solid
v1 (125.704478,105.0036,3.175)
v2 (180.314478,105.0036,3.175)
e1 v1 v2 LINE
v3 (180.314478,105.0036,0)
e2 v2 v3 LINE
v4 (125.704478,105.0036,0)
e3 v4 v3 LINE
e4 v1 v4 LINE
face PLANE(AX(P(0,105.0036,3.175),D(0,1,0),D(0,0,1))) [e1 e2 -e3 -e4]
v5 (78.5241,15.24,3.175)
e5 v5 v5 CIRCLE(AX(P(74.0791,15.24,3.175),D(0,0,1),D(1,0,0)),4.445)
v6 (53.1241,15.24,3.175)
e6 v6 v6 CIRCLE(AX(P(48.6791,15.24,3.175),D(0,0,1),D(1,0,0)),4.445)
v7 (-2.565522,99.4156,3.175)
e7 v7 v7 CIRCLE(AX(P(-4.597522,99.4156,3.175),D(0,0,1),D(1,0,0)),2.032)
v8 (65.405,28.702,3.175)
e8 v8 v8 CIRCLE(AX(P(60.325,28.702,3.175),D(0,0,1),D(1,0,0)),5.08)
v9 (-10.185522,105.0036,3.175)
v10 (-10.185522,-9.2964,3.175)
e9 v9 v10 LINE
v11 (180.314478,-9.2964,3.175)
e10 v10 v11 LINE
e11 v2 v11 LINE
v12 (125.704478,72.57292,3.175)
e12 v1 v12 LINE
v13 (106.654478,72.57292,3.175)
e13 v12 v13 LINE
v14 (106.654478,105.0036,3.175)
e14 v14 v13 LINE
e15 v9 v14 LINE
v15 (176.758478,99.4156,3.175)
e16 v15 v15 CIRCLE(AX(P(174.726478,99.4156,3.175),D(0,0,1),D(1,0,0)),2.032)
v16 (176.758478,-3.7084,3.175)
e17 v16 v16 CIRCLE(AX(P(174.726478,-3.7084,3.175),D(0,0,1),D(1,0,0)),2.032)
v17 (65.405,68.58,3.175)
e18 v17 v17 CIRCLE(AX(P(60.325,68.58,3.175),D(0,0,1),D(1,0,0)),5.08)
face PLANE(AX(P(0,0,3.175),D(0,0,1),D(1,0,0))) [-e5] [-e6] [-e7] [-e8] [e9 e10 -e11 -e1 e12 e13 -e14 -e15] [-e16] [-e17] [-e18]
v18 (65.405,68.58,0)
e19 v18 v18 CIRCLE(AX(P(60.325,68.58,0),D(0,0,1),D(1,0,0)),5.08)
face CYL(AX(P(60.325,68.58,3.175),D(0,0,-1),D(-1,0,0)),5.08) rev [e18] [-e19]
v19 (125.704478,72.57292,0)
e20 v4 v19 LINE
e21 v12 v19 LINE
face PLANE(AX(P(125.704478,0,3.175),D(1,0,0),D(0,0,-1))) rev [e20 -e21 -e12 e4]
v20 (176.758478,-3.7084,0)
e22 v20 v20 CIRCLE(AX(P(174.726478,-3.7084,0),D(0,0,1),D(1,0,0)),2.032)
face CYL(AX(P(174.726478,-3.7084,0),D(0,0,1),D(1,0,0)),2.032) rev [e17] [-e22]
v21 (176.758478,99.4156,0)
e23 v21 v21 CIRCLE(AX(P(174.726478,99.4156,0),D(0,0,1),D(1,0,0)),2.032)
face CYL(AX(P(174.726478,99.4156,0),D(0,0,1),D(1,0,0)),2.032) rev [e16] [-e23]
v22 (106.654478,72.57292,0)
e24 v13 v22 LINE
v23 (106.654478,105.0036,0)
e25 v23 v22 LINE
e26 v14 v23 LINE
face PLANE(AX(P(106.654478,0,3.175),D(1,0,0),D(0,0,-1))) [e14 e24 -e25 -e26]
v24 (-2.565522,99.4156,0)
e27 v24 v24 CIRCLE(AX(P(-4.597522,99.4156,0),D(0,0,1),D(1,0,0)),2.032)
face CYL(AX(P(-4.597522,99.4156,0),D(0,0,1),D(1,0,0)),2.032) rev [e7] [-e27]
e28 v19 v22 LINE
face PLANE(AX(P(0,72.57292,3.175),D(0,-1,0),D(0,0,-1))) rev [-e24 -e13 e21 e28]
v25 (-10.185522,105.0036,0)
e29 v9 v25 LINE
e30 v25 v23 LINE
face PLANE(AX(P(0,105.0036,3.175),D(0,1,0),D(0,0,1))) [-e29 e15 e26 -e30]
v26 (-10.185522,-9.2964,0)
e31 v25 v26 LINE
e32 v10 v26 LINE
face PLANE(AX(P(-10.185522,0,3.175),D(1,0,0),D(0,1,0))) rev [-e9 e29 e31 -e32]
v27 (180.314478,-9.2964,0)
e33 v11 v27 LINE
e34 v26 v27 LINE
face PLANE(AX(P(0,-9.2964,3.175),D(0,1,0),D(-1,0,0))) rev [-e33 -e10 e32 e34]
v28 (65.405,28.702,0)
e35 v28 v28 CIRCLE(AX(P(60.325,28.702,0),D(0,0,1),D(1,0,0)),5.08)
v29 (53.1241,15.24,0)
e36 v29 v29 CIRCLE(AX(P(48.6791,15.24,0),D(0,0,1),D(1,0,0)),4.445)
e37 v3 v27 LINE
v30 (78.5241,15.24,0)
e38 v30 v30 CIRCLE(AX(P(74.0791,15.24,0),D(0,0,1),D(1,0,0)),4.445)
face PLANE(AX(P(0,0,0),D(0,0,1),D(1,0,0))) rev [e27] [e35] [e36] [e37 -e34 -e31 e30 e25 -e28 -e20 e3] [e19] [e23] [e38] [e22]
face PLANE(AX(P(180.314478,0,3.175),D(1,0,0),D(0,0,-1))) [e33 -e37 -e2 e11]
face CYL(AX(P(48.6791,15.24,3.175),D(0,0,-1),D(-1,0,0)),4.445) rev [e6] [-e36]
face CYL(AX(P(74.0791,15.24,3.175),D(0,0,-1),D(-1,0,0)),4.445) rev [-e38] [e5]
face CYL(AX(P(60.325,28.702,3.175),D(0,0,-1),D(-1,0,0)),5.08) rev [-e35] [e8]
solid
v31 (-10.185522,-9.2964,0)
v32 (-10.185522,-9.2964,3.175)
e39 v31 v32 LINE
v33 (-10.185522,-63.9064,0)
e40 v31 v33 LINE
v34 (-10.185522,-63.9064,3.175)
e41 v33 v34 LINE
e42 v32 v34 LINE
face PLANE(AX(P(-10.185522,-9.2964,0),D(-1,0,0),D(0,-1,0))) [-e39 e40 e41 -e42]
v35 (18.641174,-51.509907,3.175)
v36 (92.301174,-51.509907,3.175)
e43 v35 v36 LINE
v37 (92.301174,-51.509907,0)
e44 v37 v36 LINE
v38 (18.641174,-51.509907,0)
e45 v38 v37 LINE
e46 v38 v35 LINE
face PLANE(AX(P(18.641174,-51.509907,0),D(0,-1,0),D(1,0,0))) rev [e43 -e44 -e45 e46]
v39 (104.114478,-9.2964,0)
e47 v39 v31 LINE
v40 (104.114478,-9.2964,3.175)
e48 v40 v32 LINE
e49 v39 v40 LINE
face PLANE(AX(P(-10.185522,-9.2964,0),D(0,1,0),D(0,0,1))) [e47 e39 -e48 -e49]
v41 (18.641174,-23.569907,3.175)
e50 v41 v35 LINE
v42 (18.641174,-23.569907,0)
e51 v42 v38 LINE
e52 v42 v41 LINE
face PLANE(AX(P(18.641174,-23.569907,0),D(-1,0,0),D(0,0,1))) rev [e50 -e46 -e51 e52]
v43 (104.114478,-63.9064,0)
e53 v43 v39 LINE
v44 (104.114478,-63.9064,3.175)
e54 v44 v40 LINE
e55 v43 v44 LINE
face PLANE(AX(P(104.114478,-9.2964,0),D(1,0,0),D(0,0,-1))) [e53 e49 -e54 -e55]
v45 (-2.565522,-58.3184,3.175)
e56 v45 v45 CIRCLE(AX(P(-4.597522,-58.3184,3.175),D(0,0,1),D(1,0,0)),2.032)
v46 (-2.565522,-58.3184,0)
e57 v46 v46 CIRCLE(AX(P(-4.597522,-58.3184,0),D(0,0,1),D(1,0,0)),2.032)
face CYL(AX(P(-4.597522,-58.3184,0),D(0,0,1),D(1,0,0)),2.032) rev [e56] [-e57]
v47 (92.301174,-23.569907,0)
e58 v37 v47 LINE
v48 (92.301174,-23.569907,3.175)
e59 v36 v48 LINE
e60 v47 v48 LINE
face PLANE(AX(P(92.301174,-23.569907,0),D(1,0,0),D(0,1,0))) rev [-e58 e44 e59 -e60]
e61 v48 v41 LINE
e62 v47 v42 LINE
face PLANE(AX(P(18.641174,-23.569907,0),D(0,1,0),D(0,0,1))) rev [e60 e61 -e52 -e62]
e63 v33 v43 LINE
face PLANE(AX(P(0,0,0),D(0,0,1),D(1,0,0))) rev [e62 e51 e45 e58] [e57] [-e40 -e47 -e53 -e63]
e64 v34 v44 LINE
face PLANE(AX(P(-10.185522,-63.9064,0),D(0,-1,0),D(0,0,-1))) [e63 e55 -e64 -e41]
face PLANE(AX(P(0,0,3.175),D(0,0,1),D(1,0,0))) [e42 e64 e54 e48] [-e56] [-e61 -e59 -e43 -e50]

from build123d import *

# Parameters (mm, degrees)
SKETCH2_R           = 4.445
SKETCH2_R_2         = 5.08
BOSS_EXTRUDE1_DEPTH = 3.175
SKETCH3_W           = 114.3
SKETCH3_H           = 54.61
BOSS_EXTRUDE2_DEPTH = 3.175
SKETCH4_W           = 73.66
SKETCH4_H           = 27.94
CUT_EXTRUDE1_DEPTH  = 3.175
SKETCH6_R           = 2.032
CUT_EXTRUDE2_DEPTH  = 4.175


with BuildPart() as part:
    # Sketch2 → Boss-Extrude1 (new body)
    with BuildSketch(Plane.XY):
        Polygon((106.654477728, 105.0036), (-10.185522272, 105.0036), (-10.185522272, -9.2964), (180.314477728, -9.2964), (180.314477728, 105.0036), (125.704477728, 105.0036), (125.704477728, 72.572919742), (106.654477728, 72.572919742), align=None)
        with Locations((48.6791, 15.24)):
            Circle(SKETCH2_R, mode=Mode.SUBTRACT)
        with Locations((74.0791, 15.24)):
            Circle(SKETCH2_R, mode=Mode.SUBTRACT)
        with Locations((60.325, 28.702)):
            Circle(SKETCH2_R_2, mode=Mode.SUBTRACT)
        with Locations((60.325, 68.58)):
            Circle(SKETCH2_R_2, mode=Mode.SUBTRACT)
    extrude(amount=BOSS_EXTRUDE1_DEPTH)


with BuildPart() as body_2:
    # Sketch3 → Boss-Extrude2 (new body)
    with BuildSketch(Plane.XY.offset(3.175)):
        with Locations((46.964477728, -36.6014)):
            Rectangle(SKETCH3_W, SKETCH3_H)
    extrude(amount=-BOSS_EXTRUDE2_DEPTH)

    # Sketch4 → Cut-Extrude1 (cut)
    with BuildSketch(Plane.XY.offset(3.175)):
        with Locations((55.471174167, -37.539907166)):
            Rectangle(SKETCH4_W, SKETCH4_H)
    extrude(amount=-CUT_EXTRUDE1_DEPTH, mode=Mode.SUBTRACT)


with BuildPart() as cut_extrude2_tool:
    # Sketch6 → Cut-Extrude2 (new body, through all)
    with BuildSketch(Plane.XY.offset(3.175)):
        with Locations((-4.597522272, 99.4156)):
            Circle(SKETCH6_R)
        with Locations((174.726477728, 99.4156)):
            Circle(SKETCH6_R)
        with Locations((174.726477728, -3.7084)):
            Circle(SKETCH6_R)
        with Locations((-4.597522272, -58.3184)):
            Circle(SKETCH6_R)
    extrude(amount=-CUT_EXTRUDE2_DEPTH)


with BuildPart() as part_1:
    add(part.part)

    # Cut-Extrude2: cut by cut_extrude2_tool
    add(cut_extrude2_tool.part, mode=Mode.SUBTRACT)


with BuildPart() as body_2_1:
    add(body_2.part)

    # Cut-Extrude2: cut by cut_extrude2_tool
    add(cut_extrude2_tool.part, mode=Mode.SUBTRACT)


solid = Compound([part_1.part, body_2_1.part])
